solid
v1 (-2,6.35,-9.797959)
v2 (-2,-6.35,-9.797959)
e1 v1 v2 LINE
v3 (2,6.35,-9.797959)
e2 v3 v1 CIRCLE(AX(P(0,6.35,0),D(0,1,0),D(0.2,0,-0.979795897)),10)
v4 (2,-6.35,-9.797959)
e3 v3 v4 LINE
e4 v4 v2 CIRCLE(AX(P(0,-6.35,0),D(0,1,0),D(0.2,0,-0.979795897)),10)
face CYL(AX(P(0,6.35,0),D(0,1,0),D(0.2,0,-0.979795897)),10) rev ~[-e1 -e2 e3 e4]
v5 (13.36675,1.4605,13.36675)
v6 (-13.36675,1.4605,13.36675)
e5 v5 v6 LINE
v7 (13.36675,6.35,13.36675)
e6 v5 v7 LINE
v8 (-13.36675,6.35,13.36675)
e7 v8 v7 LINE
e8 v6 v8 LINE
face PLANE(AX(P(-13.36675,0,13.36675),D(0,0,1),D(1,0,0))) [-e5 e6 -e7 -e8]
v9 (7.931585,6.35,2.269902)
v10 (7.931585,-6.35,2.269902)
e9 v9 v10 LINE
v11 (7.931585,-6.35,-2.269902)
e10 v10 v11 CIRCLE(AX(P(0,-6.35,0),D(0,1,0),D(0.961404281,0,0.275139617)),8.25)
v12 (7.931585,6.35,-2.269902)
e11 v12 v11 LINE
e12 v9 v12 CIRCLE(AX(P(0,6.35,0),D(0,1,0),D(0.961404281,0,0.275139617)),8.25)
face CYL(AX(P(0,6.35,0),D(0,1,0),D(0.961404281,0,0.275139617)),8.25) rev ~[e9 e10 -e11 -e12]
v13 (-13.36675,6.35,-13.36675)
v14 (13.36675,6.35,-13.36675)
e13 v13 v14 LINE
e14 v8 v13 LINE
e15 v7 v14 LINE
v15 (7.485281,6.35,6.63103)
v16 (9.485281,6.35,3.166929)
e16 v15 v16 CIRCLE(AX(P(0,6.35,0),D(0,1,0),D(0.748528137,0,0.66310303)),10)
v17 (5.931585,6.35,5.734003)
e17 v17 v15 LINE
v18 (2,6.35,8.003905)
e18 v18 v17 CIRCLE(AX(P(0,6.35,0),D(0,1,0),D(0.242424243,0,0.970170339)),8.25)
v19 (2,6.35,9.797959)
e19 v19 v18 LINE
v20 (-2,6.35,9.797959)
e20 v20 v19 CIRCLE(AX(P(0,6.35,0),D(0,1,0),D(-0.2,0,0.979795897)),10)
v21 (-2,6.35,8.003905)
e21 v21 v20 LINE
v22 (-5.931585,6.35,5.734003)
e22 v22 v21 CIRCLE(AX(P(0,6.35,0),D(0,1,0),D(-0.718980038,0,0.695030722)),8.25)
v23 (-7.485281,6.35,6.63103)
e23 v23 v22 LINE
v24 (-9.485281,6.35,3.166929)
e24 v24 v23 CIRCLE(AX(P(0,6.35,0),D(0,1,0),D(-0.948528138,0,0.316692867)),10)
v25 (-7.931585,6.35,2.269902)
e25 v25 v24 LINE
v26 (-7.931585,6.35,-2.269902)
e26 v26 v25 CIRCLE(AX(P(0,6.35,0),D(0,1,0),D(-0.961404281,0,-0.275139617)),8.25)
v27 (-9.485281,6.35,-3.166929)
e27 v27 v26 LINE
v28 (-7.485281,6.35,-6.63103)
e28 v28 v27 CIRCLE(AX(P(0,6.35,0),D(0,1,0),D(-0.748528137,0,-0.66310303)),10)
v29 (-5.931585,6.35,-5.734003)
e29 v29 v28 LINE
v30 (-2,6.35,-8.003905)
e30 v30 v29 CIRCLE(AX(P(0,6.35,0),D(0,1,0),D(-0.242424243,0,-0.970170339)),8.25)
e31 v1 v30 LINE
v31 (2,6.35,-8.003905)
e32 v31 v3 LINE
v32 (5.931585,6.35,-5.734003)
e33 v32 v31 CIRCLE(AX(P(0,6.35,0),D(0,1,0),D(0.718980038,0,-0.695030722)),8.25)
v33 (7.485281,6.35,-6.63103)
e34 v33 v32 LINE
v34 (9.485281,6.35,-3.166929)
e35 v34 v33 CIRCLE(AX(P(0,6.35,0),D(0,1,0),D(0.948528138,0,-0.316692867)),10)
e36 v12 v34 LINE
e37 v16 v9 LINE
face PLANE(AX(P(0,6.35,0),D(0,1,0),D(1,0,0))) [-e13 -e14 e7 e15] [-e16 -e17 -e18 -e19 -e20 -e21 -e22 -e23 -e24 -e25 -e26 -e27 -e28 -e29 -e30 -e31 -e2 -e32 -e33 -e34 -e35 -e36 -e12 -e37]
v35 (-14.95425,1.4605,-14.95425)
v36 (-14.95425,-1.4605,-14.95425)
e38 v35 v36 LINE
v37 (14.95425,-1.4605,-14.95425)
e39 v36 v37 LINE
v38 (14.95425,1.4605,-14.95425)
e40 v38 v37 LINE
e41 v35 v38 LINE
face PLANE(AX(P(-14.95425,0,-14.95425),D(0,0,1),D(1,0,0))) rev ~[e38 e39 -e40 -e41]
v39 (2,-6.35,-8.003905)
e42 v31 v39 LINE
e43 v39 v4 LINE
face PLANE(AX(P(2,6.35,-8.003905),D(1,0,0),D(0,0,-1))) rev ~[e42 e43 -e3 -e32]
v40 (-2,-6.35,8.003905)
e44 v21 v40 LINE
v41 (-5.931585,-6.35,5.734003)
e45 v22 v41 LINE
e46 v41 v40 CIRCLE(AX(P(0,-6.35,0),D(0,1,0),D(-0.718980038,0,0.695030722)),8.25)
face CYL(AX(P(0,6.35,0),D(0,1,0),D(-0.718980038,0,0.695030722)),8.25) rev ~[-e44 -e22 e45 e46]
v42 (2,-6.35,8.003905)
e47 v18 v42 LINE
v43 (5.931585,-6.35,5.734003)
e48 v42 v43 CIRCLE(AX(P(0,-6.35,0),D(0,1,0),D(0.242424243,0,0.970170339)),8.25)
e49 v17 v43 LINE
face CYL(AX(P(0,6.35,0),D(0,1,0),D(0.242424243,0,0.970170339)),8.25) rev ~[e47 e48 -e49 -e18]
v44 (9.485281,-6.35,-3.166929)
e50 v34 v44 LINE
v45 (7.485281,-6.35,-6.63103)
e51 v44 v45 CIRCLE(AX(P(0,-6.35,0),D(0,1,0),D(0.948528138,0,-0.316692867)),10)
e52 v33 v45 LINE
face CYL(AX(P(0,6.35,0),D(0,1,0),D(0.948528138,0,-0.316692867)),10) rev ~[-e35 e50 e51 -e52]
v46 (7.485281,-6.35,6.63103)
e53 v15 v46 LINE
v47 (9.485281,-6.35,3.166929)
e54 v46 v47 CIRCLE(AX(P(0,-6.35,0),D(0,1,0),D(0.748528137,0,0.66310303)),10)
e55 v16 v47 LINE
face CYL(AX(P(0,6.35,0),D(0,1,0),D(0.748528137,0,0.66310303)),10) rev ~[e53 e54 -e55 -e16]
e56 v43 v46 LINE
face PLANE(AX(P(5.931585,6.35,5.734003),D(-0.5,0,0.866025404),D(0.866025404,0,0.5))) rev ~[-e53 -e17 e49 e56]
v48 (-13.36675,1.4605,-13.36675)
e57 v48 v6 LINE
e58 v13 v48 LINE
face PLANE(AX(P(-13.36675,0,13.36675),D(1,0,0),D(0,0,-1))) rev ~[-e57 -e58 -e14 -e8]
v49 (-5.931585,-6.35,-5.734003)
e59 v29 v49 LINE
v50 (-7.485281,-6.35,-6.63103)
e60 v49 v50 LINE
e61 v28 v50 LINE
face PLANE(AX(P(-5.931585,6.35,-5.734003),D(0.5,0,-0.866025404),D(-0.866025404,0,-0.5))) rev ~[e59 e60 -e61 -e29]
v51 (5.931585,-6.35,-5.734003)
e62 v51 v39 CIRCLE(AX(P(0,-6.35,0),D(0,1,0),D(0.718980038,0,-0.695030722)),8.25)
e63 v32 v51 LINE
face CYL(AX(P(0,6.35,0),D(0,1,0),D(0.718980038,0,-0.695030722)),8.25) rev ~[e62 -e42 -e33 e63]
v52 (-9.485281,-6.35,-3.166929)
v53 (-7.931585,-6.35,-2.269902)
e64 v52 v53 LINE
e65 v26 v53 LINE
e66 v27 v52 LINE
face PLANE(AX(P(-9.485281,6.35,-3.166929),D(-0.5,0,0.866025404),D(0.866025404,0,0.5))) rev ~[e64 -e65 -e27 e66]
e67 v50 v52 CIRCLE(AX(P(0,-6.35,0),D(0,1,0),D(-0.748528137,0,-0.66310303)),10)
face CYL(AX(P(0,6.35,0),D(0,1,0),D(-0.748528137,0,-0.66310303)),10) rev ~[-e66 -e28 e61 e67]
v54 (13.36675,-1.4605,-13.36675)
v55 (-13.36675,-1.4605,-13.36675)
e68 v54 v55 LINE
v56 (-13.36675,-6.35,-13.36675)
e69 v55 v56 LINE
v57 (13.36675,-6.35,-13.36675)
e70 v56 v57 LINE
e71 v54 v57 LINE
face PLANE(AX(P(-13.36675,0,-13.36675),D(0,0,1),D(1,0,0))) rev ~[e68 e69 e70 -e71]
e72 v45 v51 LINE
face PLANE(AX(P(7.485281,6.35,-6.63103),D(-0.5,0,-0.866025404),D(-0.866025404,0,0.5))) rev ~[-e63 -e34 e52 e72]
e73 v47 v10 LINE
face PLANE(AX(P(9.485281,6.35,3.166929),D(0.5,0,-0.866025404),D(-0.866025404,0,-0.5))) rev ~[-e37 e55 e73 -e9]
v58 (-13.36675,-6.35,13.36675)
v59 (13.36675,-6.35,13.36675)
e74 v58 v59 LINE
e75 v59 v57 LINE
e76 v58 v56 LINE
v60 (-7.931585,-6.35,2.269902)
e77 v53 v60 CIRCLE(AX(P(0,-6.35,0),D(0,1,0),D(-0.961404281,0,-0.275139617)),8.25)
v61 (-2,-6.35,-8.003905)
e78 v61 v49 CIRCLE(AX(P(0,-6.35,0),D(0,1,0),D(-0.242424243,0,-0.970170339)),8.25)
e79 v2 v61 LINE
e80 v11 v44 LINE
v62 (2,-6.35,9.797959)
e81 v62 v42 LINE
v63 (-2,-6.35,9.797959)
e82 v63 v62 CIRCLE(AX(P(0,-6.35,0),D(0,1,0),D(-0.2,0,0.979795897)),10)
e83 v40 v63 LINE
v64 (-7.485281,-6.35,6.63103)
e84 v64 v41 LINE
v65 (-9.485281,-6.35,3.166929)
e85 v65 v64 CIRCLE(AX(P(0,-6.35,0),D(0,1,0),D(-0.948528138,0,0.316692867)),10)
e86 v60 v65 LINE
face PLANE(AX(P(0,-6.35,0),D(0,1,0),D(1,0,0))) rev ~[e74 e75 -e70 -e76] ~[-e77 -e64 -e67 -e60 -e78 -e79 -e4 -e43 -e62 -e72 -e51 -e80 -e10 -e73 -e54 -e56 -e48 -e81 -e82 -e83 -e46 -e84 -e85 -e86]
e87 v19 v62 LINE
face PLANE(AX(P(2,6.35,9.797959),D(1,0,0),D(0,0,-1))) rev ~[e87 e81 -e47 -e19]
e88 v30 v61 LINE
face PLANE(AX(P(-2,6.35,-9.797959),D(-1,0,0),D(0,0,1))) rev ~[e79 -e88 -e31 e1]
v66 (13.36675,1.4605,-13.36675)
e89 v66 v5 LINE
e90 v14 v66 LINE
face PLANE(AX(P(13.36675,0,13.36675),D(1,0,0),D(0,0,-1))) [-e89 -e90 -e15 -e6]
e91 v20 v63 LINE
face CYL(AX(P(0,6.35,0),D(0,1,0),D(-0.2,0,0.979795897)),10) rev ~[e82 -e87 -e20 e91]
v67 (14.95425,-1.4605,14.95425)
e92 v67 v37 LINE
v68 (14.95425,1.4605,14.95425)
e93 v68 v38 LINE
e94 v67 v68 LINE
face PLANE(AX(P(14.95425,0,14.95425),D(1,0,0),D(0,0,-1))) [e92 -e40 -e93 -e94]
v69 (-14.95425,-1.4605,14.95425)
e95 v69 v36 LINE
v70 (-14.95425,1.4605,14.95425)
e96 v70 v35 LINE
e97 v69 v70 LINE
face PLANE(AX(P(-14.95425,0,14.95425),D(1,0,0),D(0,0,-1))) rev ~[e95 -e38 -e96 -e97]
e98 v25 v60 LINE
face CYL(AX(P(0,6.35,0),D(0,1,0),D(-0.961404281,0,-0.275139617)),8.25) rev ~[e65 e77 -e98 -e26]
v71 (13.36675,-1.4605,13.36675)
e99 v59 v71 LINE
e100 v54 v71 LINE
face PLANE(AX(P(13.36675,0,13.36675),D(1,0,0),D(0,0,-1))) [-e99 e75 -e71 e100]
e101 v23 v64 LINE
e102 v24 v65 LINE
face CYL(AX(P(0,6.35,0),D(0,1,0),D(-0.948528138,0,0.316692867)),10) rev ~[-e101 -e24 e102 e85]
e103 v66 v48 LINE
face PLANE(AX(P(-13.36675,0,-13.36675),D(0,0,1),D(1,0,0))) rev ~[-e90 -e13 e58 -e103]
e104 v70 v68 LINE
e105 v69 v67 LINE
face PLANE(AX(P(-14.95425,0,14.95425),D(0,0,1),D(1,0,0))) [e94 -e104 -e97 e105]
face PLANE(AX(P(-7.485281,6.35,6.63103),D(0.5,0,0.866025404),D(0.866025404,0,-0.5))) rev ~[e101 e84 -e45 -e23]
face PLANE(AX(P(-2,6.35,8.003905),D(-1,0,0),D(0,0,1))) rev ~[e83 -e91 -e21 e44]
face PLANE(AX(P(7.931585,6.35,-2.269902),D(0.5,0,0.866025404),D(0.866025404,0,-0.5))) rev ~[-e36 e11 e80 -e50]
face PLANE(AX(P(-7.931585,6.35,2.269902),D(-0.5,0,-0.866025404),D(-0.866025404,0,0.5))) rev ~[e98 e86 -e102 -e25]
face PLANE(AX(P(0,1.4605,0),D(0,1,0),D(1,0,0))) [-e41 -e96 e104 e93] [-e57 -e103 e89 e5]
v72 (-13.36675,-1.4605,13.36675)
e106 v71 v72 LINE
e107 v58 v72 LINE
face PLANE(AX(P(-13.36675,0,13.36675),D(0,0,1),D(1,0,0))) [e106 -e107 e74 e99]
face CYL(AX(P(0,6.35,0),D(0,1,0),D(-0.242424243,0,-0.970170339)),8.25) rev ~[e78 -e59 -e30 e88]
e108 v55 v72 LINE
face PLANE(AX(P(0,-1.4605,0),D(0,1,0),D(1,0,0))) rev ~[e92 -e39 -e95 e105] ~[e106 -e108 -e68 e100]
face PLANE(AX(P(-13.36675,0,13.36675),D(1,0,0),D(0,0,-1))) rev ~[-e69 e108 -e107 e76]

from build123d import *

# Parameters (mm, degrees)
SKETCH1_W           = 26.7335
SKETCH1_H           = 26.7335
BOSS_EXTRUDE1_DEPTH = 6.35
SKETCH2_W           = 29.9085
SKETCH2_H           = 29.9085
BOSS_EXTRUDE2_DEPTH = 1.4605
CUT_EXTRUDE1_DEPTH  = 13.7


with BuildPart() as part:
    # Sketch1 → Boss-Extrude1 (new body, symmetric)
    with BuildSketch(Plane(origin=(0, 0, 0), x_dir=(1, 0, 0), z_dir=(0, 1, 0))):
        Rectangle(SKETCH1_W, SKETCH1_H)
    extrude(amount=BOSS_EXTRUDE1_DEPTH, both=True)

    # Sketch2 → Boss-Extrude2 (add, symmetric)
    with BuildSketch(Plane(origin=(0, 0, 0), x_dir=(1, 0, 0), z_dir=(0, 1, 0))):
        Rectangle(SKETCH2_W, SKETCH2_H)
    extrude(amount=BOSS_EXTRUDE2_DEPTH, both=True)

    # Sketch3 → Cut-Extrude1 (cut, through all)
    with BuildSketch(Plane(origin=(0, 6.35, 0), x_dir=(1, 0, 0), z_dir=(0, 1, 0))):
        with BuildLine():
            Line((-2, 9.797958971), (-2, 8.003905297))
            ThreePointArc((-2, 8.003905297), (-4.125, 7.144709581), (-5.931585317, 5.734003456))
            Line((-5.931585317, 5.734003456), (-7.485281374, 6.631030293))
            ThreePointArc((-7.485281374, 6.631030293), (-8.660254038, 5), (-9.485281374, 3.166928678))
            Line((-9.485281374, 3.166928678), (-7.931585317, 2.269901841))
            ThreePointArc((-7.931585317, 2.269901841), (-8.25, 0), (-7.931585317, -2.269901841))
            Line((-7.931585317, -2.269901841), (-9.485281374, -3.166928678))
            ThreePointArc((-9.485281374, -3.166928678), (-8.660254038, -5), (-7.485281374, -6.631030293))
            Line((-7.485281374, -6.631030293), (-5.931585317, -5.734003456))
            ThreePointArc((-5.931585317, -5.734003456), (-4.125, -7.144709581), (-2, -8.003905297))
            Line((-2, -8.003905297), (-2, -9.797958971))
            ThreePointArc((-2, -9.797958971), (0, -10), (2, -9.797958971))
            Line((2, -9.797958971), (2, -8.003905297))
            ThreePointArc((2, -8.003905297), (4.125, -7.144709581), (5.931585317, -5.734003456))
            Line((5.931585317, -5.734003456), (7.485281374, -6.631030293))
            ThreePointArc((7.485281374, -6.631030293), (8.660254038, -5), (9.485281374, -3.166928678))
            Line((9.485281374, -3.166928678), (7.931585317, -2.269901841))
            ThreePointArc((7.931585317, -2.269901841), (8.25, 0), (7.931585317, 2.269901841))
            Line((7.931585317, 2.269901841), (9.485281374, 3.166928678))
            ThreePointArc((9.485281374, 3.166928678), (8.660254038, 5), (7.485281374, 6.631030293))
            Line((7.485281374, 6.631030293), (5.931585317, 5.734003456))
            ThreePointArc((5.931585317, 5.734003456), (4.125, 7.144709581), (2, 8.003905297))
            Line((2, 8.003905297), (2, 9.797958971))
            ThreePointArc((2, 9.797958971), (0, 10), (-2, 9.797958971))
        make_face()
    extrude(amount=-CUT_EXTRUDE1_DEPTH, mode=Mode.SUBTRACT)


solid = part.part
